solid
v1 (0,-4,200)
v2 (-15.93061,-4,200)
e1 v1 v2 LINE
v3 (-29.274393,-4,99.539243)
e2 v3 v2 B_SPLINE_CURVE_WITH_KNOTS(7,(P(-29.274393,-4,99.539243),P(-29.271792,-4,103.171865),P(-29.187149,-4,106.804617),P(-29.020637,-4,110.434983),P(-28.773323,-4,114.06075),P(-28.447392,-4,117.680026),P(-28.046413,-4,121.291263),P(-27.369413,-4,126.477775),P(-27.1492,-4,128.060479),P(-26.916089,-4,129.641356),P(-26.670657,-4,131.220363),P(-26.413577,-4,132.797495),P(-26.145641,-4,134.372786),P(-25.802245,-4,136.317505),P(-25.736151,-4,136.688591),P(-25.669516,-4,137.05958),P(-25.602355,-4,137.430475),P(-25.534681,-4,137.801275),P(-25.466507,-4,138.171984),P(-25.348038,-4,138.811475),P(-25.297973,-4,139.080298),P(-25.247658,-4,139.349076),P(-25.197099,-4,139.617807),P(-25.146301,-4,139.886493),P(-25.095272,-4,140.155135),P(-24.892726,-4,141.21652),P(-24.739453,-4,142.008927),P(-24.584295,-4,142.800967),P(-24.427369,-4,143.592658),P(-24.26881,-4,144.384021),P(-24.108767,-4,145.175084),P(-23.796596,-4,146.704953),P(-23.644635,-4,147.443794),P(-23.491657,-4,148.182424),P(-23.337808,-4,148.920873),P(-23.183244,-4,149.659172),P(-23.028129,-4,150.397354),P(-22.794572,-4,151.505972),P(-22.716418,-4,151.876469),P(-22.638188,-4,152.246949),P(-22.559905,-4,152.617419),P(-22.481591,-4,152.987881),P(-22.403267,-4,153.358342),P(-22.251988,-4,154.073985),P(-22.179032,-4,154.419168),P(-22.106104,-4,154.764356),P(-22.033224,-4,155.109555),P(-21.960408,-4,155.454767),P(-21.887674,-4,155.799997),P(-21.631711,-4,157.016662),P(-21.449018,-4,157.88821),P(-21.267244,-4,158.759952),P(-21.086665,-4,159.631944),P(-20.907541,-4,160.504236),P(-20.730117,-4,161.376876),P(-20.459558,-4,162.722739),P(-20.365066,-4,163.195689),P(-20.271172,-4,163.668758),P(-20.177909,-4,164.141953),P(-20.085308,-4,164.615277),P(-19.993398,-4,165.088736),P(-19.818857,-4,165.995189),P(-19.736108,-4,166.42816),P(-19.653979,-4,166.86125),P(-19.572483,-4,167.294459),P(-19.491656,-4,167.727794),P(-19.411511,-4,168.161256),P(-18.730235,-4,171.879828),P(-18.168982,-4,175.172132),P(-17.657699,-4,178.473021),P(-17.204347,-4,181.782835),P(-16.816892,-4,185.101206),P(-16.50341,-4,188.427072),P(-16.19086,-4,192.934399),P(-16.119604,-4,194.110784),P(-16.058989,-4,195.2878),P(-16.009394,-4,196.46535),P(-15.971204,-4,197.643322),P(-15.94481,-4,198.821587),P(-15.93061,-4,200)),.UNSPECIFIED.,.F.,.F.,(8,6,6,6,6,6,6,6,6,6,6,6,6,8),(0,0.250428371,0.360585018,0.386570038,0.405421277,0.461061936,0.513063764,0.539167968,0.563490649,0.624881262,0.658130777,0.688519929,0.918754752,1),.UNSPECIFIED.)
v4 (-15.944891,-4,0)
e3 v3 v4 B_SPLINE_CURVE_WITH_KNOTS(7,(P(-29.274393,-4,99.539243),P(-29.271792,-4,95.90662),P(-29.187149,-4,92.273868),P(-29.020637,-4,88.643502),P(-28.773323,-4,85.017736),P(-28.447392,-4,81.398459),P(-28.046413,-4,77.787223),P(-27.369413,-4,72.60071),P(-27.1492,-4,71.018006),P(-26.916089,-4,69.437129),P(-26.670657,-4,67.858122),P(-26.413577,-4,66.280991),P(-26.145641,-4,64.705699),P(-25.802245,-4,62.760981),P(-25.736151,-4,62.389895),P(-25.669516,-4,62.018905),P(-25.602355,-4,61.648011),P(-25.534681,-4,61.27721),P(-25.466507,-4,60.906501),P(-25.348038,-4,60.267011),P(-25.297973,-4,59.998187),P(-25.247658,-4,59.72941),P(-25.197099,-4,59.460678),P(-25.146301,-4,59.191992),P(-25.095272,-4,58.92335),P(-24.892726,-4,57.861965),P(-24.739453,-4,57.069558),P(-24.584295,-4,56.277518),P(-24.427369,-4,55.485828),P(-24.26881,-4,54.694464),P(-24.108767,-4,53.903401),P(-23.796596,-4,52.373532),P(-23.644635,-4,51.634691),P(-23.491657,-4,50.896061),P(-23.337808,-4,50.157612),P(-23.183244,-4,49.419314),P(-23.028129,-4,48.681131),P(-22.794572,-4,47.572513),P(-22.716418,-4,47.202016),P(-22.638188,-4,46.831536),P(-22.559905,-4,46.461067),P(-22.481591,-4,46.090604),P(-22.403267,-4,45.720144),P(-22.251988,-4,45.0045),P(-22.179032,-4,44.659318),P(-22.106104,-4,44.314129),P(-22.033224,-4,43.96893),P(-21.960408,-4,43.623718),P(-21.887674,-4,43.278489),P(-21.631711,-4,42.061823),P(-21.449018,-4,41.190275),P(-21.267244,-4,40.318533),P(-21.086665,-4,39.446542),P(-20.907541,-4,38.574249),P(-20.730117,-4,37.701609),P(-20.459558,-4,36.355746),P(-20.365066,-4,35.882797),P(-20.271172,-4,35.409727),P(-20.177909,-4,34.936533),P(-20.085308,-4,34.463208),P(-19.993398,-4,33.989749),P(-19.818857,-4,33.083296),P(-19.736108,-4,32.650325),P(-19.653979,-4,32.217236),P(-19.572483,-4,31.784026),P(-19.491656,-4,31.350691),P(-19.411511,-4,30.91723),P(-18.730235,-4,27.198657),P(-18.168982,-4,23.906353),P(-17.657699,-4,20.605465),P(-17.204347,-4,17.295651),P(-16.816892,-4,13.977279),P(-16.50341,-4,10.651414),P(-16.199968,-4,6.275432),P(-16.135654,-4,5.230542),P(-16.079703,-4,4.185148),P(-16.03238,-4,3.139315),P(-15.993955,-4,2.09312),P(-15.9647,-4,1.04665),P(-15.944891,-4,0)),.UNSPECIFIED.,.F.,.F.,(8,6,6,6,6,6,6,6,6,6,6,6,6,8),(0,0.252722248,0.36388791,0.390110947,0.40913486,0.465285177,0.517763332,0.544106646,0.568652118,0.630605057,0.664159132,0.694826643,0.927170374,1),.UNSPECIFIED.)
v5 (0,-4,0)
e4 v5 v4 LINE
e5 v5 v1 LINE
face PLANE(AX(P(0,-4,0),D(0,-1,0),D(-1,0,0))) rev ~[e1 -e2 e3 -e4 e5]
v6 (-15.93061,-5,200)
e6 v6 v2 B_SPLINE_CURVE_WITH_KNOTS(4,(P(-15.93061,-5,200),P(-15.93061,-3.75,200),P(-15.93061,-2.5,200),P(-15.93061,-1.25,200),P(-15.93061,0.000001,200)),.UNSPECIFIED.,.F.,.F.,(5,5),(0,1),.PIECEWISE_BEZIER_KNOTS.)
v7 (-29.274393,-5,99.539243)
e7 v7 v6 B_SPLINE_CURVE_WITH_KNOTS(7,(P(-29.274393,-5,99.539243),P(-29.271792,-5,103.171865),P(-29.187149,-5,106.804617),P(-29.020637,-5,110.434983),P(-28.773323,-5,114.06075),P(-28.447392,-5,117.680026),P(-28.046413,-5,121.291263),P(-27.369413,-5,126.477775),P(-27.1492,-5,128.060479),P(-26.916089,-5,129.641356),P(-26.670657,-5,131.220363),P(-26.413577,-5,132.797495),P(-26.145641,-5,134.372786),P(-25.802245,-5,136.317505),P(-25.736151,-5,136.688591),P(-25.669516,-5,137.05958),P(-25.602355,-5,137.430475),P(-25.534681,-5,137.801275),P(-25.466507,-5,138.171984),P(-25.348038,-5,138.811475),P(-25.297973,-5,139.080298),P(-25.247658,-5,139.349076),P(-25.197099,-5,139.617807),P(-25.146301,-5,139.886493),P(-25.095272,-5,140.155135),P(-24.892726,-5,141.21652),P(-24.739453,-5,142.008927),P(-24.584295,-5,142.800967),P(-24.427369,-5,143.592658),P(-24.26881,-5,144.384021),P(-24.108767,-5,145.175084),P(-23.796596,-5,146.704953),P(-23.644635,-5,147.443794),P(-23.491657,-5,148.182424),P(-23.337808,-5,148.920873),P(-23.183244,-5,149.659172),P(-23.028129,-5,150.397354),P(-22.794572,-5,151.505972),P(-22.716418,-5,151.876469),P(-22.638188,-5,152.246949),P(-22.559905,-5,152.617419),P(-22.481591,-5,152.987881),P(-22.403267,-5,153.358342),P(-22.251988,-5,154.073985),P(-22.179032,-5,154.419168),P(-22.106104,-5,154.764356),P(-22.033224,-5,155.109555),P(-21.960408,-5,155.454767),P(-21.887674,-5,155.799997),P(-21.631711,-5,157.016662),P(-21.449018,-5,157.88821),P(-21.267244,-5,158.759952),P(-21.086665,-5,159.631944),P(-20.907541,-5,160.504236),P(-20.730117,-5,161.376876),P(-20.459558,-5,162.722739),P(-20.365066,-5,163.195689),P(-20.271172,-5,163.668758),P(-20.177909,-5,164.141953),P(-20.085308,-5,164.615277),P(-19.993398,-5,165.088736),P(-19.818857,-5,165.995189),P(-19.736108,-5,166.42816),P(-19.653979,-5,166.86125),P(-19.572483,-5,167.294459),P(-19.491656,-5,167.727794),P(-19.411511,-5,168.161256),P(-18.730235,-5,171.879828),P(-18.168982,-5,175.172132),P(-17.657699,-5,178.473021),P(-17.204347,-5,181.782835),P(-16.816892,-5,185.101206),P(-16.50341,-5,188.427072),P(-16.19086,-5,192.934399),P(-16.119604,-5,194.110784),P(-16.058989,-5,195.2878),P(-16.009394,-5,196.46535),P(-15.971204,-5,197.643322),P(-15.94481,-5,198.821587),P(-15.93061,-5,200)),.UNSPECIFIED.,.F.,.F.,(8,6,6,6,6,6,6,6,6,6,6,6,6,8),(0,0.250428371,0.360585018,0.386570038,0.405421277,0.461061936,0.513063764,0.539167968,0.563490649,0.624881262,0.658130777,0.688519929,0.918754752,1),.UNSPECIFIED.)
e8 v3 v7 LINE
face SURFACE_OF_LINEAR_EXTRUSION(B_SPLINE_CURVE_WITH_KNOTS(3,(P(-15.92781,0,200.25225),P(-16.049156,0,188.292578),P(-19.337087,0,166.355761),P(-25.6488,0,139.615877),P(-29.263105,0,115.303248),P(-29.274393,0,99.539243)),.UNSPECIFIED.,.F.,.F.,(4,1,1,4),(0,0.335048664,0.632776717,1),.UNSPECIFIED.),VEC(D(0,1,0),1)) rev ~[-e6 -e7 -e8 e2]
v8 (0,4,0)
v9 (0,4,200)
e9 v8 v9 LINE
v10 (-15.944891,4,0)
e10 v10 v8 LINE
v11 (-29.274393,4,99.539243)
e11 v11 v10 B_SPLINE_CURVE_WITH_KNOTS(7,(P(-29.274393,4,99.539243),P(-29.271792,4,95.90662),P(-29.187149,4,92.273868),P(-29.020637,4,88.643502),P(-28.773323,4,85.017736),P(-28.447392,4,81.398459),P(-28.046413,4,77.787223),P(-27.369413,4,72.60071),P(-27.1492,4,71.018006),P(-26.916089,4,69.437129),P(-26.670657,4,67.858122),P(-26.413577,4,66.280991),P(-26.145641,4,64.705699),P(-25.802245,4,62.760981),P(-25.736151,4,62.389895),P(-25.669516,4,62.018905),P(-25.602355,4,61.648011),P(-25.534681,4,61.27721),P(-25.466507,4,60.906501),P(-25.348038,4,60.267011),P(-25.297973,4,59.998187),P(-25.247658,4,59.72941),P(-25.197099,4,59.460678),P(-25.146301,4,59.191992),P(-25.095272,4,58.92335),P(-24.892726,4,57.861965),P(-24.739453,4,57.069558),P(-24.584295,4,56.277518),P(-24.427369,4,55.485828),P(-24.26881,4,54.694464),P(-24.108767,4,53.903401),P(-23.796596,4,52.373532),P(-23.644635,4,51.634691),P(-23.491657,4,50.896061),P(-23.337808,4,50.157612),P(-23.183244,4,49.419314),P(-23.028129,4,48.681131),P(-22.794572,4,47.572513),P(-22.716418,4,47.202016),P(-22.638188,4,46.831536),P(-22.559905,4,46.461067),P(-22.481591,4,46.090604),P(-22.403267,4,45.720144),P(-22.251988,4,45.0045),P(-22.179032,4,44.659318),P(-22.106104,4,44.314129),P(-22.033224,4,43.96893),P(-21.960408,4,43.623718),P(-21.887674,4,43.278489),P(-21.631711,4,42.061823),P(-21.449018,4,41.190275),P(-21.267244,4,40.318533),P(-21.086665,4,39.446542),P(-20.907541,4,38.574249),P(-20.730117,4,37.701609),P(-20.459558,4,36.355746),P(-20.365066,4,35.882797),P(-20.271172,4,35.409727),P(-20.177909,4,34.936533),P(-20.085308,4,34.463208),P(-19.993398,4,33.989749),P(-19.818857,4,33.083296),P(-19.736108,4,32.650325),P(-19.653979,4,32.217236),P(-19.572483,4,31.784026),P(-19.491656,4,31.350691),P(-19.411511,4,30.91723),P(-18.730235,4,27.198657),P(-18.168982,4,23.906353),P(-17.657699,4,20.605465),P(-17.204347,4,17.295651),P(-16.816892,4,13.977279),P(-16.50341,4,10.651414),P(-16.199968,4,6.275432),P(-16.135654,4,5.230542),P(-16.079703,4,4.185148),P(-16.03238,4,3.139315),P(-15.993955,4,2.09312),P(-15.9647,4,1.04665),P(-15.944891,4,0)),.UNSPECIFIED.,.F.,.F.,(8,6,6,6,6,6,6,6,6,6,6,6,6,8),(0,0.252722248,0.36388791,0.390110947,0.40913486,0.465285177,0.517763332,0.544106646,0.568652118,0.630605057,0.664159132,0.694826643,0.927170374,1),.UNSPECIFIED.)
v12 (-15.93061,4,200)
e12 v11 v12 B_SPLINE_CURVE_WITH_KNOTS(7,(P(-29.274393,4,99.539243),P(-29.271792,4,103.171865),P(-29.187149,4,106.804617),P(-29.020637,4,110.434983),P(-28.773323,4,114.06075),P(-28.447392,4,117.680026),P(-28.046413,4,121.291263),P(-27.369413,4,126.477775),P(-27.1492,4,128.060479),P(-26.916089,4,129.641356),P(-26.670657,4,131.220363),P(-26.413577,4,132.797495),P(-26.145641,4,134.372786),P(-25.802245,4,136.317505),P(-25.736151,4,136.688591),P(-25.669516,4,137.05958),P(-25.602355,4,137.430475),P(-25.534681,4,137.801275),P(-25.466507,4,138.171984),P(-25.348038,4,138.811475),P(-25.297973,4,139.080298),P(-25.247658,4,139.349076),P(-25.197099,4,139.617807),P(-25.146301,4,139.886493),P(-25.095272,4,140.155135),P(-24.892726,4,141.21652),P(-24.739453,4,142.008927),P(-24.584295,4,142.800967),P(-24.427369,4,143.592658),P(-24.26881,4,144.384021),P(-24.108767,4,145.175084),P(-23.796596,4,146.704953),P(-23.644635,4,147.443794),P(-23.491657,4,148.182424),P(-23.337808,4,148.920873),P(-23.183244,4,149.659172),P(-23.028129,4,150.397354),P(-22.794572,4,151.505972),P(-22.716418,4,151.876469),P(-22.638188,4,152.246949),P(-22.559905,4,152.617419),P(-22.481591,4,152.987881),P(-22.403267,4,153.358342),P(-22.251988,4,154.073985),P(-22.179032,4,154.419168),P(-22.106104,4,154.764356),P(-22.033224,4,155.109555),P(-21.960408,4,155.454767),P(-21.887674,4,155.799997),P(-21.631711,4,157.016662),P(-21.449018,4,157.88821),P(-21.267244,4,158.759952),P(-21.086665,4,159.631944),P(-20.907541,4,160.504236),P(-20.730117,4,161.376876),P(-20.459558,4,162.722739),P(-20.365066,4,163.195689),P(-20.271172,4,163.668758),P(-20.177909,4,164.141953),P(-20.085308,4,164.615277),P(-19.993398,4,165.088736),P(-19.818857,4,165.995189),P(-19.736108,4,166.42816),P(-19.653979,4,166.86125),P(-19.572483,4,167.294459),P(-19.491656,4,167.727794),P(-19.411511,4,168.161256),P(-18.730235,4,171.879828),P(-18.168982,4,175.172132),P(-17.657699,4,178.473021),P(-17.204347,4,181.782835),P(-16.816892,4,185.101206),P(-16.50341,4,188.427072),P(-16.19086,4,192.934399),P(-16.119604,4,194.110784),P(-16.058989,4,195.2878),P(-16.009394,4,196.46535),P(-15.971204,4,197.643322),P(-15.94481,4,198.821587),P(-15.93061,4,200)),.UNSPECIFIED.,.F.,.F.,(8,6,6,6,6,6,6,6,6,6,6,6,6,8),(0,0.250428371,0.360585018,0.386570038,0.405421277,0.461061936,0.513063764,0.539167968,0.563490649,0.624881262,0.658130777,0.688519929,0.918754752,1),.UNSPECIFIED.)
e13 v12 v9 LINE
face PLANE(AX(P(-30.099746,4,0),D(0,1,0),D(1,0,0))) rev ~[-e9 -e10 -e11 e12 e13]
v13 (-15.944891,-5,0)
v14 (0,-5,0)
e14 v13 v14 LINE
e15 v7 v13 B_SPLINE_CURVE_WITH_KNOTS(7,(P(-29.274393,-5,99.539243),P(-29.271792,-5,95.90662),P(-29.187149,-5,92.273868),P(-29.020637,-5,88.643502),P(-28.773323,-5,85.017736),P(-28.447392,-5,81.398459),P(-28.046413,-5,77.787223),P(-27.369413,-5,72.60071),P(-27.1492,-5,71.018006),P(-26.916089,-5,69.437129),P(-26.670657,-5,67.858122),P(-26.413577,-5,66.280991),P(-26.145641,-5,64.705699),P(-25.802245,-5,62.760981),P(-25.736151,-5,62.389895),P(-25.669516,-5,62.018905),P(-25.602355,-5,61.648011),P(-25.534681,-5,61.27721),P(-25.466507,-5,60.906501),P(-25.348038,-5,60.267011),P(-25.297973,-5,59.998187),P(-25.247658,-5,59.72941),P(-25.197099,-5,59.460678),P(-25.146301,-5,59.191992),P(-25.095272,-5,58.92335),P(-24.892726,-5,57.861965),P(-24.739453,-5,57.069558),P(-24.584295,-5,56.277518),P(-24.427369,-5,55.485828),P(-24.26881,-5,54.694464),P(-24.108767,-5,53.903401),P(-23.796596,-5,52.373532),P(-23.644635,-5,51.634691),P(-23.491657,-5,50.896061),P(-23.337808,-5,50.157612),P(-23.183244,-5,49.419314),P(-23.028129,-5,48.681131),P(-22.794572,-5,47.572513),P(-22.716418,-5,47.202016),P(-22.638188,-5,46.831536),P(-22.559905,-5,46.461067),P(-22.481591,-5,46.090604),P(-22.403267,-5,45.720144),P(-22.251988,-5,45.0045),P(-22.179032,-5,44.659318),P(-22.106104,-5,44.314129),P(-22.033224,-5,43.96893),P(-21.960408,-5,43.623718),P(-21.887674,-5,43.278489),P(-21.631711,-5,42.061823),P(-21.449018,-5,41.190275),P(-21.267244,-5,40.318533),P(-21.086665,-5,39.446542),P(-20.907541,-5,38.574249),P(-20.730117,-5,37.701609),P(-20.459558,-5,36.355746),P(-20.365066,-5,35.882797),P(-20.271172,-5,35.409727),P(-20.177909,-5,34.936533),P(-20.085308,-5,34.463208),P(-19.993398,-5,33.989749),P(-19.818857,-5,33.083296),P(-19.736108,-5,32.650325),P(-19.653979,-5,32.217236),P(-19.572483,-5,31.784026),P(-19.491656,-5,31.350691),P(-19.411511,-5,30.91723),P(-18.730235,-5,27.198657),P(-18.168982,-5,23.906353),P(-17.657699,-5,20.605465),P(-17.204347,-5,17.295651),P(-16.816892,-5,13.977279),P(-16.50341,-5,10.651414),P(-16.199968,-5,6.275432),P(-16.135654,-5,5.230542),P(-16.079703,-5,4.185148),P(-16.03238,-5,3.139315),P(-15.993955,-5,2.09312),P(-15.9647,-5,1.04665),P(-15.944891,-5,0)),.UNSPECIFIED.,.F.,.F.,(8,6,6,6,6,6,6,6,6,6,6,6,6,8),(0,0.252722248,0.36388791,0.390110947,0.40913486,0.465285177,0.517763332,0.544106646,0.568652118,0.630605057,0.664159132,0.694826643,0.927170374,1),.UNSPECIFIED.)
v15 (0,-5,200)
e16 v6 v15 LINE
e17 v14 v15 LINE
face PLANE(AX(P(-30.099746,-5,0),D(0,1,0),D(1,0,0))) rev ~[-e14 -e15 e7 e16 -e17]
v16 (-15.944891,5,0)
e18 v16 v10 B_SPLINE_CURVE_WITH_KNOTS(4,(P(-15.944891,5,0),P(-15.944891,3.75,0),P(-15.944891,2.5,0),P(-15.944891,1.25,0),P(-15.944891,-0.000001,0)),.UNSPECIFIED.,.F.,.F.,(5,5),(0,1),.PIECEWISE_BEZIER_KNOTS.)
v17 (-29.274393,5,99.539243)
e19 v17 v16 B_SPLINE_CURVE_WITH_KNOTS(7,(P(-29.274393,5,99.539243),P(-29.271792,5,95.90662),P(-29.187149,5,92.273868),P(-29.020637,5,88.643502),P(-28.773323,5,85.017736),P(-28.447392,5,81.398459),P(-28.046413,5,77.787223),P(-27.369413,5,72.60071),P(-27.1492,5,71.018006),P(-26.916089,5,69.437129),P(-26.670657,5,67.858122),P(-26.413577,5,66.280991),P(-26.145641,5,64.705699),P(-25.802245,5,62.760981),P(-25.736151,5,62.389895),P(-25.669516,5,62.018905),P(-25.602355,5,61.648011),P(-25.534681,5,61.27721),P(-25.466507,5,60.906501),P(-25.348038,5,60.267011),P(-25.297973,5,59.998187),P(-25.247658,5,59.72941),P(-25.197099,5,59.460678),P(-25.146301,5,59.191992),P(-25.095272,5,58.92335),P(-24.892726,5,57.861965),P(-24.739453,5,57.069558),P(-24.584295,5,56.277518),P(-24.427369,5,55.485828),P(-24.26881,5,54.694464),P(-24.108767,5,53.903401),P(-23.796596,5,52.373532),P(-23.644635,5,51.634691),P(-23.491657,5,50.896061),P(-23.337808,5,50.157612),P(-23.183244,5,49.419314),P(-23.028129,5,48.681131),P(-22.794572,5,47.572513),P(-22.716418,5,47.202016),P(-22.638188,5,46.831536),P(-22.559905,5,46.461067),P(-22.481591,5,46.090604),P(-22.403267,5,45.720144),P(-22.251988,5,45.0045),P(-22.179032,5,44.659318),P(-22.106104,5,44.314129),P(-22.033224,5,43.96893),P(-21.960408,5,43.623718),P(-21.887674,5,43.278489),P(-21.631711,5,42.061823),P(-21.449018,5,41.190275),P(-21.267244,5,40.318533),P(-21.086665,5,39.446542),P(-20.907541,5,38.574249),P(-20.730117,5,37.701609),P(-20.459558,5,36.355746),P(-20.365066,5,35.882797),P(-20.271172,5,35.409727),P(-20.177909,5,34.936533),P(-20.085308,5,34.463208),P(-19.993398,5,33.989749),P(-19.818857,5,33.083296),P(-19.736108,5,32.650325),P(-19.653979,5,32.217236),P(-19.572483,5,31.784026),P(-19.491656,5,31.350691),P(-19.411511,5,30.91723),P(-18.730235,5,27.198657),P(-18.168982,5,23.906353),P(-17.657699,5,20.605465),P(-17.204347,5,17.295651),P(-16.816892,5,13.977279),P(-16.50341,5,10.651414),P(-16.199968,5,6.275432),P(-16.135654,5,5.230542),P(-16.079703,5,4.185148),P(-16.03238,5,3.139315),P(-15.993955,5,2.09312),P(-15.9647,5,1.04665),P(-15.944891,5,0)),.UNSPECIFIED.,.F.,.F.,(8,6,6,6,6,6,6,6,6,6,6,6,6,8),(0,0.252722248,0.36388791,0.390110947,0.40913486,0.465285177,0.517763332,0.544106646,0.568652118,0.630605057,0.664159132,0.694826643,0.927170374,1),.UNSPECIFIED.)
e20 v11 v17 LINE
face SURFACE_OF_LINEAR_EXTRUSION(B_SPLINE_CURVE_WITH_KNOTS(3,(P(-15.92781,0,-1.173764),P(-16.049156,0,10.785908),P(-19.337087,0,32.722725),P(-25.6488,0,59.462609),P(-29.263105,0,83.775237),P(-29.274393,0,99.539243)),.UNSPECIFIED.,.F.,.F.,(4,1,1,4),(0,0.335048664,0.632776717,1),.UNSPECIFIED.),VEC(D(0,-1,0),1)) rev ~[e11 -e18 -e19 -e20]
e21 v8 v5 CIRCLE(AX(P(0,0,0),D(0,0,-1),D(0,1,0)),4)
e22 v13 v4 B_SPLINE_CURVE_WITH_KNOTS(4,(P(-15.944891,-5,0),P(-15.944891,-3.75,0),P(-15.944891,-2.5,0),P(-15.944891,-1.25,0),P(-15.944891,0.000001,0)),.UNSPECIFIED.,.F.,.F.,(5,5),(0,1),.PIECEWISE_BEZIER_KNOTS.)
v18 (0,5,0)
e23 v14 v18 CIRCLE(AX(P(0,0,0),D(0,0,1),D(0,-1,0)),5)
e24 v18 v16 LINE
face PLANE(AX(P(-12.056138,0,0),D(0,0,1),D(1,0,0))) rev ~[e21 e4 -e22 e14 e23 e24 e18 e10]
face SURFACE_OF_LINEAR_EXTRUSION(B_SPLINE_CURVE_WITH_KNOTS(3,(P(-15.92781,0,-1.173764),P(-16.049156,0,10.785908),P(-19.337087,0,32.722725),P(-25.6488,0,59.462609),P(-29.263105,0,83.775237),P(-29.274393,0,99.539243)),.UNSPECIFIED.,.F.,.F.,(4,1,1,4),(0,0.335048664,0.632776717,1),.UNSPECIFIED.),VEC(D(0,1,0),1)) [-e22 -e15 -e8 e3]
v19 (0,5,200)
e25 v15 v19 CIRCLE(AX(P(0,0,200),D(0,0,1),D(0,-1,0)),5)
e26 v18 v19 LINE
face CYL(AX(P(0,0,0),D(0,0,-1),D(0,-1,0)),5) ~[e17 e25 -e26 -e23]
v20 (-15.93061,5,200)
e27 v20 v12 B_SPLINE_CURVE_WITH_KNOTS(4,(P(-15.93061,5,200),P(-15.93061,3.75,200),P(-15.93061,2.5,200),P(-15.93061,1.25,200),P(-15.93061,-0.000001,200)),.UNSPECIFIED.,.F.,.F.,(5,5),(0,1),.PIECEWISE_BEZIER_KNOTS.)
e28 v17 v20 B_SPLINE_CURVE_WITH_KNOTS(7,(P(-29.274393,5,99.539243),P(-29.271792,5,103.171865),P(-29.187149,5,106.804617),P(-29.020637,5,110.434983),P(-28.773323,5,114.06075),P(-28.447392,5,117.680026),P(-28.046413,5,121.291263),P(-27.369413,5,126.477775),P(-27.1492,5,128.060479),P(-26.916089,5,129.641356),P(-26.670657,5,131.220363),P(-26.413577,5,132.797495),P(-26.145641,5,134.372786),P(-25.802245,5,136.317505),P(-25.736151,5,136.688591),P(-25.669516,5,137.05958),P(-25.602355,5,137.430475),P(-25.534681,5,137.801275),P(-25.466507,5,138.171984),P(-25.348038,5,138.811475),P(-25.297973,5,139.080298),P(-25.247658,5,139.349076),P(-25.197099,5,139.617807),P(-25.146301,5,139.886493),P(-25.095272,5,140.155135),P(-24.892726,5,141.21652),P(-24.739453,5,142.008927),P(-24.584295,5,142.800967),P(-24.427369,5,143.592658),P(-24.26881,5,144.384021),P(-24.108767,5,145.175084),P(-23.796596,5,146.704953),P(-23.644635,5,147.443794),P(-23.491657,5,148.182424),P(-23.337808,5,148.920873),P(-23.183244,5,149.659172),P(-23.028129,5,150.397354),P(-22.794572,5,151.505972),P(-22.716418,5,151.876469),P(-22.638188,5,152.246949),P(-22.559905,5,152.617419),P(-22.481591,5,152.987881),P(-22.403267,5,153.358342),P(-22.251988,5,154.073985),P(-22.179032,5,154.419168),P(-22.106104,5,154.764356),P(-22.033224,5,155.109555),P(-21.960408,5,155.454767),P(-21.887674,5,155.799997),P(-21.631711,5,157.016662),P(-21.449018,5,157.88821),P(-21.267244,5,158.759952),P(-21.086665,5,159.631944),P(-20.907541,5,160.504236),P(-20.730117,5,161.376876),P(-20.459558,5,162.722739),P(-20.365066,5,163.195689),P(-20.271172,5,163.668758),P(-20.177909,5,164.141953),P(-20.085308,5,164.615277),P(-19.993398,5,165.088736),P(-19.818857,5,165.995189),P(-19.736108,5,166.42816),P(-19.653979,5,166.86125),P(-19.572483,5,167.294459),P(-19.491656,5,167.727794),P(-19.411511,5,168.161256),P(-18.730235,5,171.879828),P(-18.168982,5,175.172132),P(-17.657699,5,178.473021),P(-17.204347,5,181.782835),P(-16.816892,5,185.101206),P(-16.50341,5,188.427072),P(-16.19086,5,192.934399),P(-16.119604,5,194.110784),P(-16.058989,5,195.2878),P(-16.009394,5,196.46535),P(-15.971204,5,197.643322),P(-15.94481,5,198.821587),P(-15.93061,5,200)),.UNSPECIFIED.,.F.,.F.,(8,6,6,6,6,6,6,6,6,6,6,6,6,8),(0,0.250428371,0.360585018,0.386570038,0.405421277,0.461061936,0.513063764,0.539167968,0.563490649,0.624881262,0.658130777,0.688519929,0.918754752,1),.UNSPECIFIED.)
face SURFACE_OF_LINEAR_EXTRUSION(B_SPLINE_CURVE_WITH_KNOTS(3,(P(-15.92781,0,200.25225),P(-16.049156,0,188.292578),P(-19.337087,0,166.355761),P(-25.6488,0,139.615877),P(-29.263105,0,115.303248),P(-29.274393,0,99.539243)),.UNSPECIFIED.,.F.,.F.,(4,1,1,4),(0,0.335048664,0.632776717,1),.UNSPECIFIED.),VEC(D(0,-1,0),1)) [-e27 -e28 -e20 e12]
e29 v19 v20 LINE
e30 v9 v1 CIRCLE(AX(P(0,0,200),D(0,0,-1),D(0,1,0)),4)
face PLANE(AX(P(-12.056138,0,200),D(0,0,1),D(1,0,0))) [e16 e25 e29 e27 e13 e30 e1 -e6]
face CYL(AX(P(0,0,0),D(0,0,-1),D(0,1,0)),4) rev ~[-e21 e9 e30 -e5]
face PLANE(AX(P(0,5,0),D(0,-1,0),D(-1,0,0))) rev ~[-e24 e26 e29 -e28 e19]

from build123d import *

# Parameters (mm, degrees)
F1_DEPTH = 200
F3_DEPTH = 12.5


with BuildPart() as f1:
    # F0 (on Top) → F1 (new body)
    with BuildSketch(Plane.XY):
        with BuildLine():
            ThreePointArc((0, 4), (4, 0), (0, -4))
            Line((0, -4), (-30.0997458398, -4))
            Line((-30.0997458398, -4), (-30.0997458398, -5))
            Line((-30.0997458398, -5), (0, -5))
            ThreePointArc((0, -5), (5, 0), (0, 5))
            Line((0, 5), (-30.0997458398, 5))
            Line((-30.0997458398, 5), (-30.0997458398, 4))
            Line((-30.0997458398, 4), (0, 4))
        make_face()
    extrude(amount=F1_DEPTH)

    # F2 (on Front) → F3 (cut, symmetric)
    with BuildSketch(Plane.XZ):
        with BuildLine():
            add(Edge.make_bspline(
                [(-15.9278102219, 200.2522498369), (-16.0491559654, 188.2925778627), (-19.3370868235, 166.3557608059), (-25.6488004446, 139.6158765189), (-29.2631052434, 115.303248167), (-29.274392873, 99.5392426848)],
                knots=[0, 0, 0, 0, 0.3350486636, 0.6327767174, 1, 1, 1, 1], degree=3))
            Line((-15.9278102219, 200.2522498369), (-15.9278102219, 211.9693905115))
            Line((-15.9278102219, 211.9693905115), (-58.805461973, 211.9693905115))
            Line((-58.805461973, 211.9693905115), (-58.805461973, -9.8512051627))
            Line((-58.805461973, -9.8512051627), (-15.9278102219, -12.8909051418))
            Line((-15.9278102219, -12.8909051418), (-15.9278102219, -1.1737644672))
            add(Edge.make_bspline(
                [(-15.9278102219, -1.1737644672), (-16.0491559654, 10.7859075069), (-19.3370868235, 32.7227245638), (-25.6488004446, 59.4626088508), (-29.2631052434, 83.7752372026), (-29.274392873, 99.5392426848)],
                knots=[0, 0, 0, 0, 0.3350486636, 0.6327767174, 1, 1, 1, 1], degree=3))
        make_face()
    extrude(amount=F3_DEPTH, both=True, mode=Mode.SUBTRACT)


solid = f1.part
